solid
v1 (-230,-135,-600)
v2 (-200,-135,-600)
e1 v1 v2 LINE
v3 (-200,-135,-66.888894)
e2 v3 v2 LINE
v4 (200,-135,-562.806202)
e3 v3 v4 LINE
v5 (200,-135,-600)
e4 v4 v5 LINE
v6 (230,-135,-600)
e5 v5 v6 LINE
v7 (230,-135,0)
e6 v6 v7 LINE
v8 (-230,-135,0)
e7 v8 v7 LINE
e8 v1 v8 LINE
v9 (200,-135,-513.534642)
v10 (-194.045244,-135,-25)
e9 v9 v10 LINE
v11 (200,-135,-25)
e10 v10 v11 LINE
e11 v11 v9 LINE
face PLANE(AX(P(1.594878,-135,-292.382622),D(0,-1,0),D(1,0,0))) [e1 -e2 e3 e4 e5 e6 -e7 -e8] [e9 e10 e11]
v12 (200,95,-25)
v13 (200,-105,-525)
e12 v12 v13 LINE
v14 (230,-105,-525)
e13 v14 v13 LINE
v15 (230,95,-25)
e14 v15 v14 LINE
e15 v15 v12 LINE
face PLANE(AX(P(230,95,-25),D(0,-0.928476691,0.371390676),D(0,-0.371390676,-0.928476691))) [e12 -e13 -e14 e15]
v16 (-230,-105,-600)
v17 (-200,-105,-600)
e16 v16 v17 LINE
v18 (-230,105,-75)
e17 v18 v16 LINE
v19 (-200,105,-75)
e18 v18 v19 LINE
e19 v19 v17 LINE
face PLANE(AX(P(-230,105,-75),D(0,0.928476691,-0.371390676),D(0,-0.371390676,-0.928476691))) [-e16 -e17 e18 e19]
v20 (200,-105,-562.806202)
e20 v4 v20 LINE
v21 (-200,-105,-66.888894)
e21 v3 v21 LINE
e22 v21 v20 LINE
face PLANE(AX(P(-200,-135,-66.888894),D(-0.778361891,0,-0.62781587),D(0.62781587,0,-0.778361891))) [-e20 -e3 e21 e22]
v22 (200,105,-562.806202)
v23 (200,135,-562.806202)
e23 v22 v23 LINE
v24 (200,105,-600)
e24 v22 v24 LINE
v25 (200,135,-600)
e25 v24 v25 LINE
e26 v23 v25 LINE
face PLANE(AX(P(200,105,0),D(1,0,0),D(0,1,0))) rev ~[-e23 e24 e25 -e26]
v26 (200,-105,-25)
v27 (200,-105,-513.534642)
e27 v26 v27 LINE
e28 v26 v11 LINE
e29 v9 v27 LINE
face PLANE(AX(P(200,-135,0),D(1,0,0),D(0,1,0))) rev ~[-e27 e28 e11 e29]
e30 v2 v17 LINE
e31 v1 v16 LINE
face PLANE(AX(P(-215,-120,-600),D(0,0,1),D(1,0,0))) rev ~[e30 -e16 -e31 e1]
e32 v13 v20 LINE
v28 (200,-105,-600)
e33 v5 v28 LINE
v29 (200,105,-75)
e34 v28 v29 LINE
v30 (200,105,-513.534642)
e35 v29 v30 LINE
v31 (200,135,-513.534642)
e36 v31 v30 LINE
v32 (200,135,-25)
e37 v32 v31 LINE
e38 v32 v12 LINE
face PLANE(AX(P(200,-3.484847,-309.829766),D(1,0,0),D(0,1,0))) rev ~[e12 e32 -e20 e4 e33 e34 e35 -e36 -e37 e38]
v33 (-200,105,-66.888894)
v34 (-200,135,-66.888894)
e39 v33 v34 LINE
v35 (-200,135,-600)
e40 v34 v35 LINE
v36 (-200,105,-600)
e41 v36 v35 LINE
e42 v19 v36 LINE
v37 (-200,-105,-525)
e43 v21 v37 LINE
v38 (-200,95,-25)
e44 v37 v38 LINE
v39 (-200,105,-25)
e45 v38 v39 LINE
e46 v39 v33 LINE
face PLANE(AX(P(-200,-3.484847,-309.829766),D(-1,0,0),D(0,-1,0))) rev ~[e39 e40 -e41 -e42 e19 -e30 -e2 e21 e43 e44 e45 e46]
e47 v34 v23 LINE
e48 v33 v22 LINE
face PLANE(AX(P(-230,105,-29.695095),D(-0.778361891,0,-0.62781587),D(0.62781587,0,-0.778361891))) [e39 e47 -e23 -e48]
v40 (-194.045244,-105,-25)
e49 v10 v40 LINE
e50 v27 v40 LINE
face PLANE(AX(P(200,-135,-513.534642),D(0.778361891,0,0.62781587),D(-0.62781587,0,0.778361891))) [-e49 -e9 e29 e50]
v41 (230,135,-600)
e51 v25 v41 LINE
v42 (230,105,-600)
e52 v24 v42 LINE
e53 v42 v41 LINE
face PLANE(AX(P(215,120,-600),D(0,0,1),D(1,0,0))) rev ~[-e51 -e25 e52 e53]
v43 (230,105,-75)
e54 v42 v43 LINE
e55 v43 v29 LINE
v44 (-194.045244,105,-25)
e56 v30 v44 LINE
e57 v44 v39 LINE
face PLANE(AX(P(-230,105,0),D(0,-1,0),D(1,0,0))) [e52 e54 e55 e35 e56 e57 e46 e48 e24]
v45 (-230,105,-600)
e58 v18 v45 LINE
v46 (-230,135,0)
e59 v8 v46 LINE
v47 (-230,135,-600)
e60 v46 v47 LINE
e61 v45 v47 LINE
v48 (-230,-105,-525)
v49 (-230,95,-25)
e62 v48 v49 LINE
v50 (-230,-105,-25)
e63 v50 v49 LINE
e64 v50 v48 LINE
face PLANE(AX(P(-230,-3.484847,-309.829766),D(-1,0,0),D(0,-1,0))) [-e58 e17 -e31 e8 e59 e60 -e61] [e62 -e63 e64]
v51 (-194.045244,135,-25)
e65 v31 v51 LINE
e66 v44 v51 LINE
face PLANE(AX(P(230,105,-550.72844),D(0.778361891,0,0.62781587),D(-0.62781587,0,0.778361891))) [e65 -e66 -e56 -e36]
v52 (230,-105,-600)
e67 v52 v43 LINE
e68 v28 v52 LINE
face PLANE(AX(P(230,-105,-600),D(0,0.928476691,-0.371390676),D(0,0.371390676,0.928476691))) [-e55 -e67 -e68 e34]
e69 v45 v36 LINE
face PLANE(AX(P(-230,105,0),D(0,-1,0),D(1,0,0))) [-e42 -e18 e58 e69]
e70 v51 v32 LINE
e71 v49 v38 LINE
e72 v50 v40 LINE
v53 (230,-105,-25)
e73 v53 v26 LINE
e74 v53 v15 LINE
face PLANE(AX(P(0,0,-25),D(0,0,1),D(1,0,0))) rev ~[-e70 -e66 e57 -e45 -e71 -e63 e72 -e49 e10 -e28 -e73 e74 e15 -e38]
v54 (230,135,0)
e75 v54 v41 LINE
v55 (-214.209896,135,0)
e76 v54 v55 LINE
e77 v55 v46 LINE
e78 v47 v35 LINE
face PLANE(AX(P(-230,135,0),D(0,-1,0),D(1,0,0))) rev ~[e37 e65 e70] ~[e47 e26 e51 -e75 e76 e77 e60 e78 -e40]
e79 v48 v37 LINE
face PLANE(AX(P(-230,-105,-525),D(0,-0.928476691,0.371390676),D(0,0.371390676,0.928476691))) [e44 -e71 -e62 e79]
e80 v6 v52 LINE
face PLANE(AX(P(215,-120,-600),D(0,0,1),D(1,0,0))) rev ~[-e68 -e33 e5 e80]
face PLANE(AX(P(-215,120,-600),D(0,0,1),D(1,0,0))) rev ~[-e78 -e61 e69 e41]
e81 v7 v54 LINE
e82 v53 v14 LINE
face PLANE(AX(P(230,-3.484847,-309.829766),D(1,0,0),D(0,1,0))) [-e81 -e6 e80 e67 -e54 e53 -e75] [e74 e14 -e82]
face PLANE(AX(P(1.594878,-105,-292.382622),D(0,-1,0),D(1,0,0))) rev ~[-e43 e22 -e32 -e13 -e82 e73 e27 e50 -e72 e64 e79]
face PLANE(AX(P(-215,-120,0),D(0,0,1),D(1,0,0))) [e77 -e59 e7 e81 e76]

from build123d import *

# Parameters (mm, degrees)
F0_W      = 30
F0_H      = 30
F1_DEPTH  = 600
F2_W      = 460
F2_H      = 270
F3_DEPTH  = 25
F5_DEPTH  = 30
F7_DEPTH  = 30
F9_DEPTH  = 30
F11_DEPTH = 30


with BuildPart() as f1:
    # F0 (on Top) → F1 (new body)
    with BuildSketch(Plane.XY):
        with Locations((-215, 120)):
            Rectangle(F0_W, F0_H)
    extrude(amount=-F1_DEPTH)



with BuildPart() as f1b:
    # F0 (on Top) → F1, piece 2 (new body)
    with BuildSketch(Plane.XY):
        with Locations((-215, -120)):
            Rectangle(F0_W, F0_H)
    extrude(amount=-F1_DEPTH)


with BuildPart() as f1c:
    # F0 (on Top) → F1, piece 3 (new body)
    with BuildSketch(Plane.XY):
        with Locations((215, 120)):
            Rectangle(F0_W, F0_H)
    extrude(amount=-F1_DEPTH)


with BuildPart() as f1d:
    # F0 (on Top) → F1, piece 4 (new body)
    with BuildSketch(Plane.XY):
        with Locations((215, -120)):
            Rectangle(F0_W, F0_H)
    extrude(amount=-F1_DEPTH)


with BuildPart() as f1_1:
    add(f1.part)

    add(f1b.part)  # F3 merges F1b

    add(f1c.part)  # F3 merges F1c

    add(f1d.part)  # F3 merges F1d
    # F2 (on face) → F3 (join)
    with BuildSketch(Plane.XY):
        Rectangle(F2_W, F2_H)
    extrude(amount=-F3_DEPTH)

    # F4 (on face) → F5 (join)
    with BuildSketch(Plane.XZ.offset(135)):
        Polygon((-200, -25), (-200, -66.8888936143), (200, -562.8062018801), (200, -513.5346421648), (-194.0452442551, -25), align=None)
    extrude(amount=-F5_DEPTH)

    # F6 (on face) → F7 (join)
    with BuildSketch(Plane.XZ.offset(-105)):
        Polygon((-214.2098963722, 0), (-230, -29.6950954944), (230, -600), (230, -550.7284402847), align=None)
    extrude(amount=-F7_DEPTH)

    # F8 (on face) → F9 (join)
    with BuildSketch(Plane(origin=(-230, 0, 0), x_dir=(0, -1, 0), z_dir=(-1, 0, 0))):
        Polygon((-105, -25), (-105, -75), (105, -600), (105, -525), (-95, -25), align=None)
    extrude(amount=-F9_DEPTH)

    # F10 (on face) → F11 (join)
    with BuildSketch(Plane.YZ.offset(230)):
        Polygon((95, -25), (-105, -525), (-105, -600), (105, -75), (105, -25), align=None)
    extrude(amount=-F11_DEPTH)


solid = f1_1.part
